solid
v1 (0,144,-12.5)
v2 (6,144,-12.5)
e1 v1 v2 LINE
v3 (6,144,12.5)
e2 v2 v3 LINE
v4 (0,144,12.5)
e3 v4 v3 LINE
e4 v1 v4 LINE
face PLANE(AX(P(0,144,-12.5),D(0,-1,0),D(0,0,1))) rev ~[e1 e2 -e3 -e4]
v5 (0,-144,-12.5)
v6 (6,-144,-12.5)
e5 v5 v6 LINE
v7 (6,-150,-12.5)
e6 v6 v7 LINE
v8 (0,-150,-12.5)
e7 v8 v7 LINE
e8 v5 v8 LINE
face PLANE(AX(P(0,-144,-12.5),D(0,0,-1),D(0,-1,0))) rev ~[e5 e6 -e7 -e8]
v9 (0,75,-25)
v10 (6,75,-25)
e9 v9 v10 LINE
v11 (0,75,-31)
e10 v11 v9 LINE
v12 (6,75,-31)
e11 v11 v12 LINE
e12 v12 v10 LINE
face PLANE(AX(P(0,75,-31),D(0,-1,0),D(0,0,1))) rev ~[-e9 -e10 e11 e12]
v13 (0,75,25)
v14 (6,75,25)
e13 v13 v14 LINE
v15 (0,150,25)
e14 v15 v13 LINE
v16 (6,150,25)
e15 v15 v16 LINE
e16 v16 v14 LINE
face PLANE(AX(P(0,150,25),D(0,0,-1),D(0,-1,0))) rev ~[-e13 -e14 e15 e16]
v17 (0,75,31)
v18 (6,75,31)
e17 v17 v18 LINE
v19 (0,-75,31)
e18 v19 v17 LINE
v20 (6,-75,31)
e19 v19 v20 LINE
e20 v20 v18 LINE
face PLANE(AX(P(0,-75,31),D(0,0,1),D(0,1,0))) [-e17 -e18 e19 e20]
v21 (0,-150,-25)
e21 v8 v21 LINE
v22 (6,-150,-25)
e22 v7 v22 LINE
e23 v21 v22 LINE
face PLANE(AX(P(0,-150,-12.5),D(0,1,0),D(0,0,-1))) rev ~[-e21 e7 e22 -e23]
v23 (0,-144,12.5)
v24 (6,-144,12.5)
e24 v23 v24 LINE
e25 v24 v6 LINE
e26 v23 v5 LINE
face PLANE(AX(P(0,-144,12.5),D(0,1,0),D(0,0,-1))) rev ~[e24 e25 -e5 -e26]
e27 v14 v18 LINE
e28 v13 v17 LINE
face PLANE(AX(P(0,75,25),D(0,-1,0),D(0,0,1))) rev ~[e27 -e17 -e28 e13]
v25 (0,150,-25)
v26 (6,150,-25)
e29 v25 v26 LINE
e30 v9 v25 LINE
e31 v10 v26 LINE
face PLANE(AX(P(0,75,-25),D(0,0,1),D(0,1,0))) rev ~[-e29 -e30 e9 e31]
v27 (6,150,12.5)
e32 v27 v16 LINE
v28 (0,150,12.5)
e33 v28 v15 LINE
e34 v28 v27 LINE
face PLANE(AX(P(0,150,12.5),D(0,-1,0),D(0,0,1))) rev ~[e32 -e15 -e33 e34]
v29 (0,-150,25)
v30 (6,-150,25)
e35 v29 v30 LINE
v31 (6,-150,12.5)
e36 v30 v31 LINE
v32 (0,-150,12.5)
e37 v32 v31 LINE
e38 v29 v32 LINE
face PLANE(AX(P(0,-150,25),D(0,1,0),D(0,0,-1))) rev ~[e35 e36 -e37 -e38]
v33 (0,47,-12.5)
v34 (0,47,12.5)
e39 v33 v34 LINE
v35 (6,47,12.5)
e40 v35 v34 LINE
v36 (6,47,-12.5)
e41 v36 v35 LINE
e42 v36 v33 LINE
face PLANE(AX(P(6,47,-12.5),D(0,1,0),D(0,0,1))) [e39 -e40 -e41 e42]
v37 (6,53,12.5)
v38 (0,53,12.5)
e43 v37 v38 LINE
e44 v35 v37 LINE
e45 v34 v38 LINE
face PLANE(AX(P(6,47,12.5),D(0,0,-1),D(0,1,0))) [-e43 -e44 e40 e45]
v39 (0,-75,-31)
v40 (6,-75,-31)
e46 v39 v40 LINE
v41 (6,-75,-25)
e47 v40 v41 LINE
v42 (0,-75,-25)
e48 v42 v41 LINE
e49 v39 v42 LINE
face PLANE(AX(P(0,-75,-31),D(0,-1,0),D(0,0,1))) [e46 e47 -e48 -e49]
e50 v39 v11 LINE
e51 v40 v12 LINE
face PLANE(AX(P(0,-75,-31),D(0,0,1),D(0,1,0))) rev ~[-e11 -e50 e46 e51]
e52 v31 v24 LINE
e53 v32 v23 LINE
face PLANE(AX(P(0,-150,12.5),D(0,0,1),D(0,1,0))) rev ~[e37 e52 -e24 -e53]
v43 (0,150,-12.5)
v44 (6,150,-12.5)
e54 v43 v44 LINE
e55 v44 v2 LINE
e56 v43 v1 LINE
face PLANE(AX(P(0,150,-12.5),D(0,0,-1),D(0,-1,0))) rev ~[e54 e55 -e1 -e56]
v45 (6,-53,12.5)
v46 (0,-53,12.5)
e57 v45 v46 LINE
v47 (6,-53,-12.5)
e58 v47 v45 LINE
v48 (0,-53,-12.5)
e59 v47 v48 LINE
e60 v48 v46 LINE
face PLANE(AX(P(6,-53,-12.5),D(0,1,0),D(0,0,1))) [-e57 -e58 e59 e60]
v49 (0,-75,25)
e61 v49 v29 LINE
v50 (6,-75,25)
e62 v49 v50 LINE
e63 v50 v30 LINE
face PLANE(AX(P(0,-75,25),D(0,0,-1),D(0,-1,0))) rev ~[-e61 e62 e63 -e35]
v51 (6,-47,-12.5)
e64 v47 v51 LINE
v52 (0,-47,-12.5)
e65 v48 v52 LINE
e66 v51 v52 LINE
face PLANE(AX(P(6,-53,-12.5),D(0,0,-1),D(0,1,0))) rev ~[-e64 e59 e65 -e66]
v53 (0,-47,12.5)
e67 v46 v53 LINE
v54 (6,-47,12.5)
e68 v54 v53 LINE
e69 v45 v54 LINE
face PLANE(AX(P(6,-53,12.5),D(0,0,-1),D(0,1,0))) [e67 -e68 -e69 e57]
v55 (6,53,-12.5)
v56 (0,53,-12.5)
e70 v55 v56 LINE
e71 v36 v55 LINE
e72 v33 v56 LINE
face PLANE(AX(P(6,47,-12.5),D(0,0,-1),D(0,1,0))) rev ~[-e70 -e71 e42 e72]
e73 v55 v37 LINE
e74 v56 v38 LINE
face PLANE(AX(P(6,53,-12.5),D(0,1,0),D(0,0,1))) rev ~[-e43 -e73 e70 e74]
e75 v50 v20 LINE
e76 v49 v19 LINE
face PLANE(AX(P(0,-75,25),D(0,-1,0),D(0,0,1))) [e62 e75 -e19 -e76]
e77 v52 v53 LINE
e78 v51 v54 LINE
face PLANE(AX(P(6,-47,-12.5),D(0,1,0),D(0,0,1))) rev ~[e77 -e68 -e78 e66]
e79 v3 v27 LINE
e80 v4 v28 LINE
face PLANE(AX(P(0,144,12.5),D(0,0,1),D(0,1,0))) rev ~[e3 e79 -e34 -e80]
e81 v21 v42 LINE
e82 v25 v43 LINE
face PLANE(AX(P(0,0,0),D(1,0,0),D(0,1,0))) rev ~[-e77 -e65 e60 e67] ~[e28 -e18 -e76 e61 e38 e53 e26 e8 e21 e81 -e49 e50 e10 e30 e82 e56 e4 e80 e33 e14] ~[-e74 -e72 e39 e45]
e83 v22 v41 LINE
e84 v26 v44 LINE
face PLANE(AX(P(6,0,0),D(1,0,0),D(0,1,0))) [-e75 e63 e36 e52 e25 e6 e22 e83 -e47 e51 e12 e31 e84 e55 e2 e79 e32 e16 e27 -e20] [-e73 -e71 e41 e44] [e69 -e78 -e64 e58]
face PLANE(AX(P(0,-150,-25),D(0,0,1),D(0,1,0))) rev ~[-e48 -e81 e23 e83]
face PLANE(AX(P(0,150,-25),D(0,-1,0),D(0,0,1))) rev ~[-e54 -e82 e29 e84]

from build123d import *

# Parameters (mm, degrees)
F0_W     = 150
F0_H     = 6
F1_DEPTH = 6
F2_W     = 6
F2_H     = 25
F3_DEPTH = 6


with BuildPart() as f1:
    # F0 (on Right) → F1 (new body)
    with BuildSketch(Plane.YZ):
        Polygon((-75, 25), (-150, 25), (-150, 12.5), (-144, 12.5), (-144, -12.5), (-150, -12.5), (-150, -25), (-75, -25), (-75, -19), (75, -19), (75, -25), (150, -25), (150, -12.5), (144, -12.5), (144, 12.5), (150, 12.5), (150, 25), (75, 25), (75, 19), (-75, 19), align=None)
        with Locations((0, 28)):
            Rectangle(F0_W, F0_H)
        with Locations((0, 22)):
            Rectangle(F0_W, F0_H)
        with Locations((0, -28)):
            Rectangle(F0_W, F0_H)
        with Locations((0, -22)):
            Rectangle(F0_W, F0_H)
    extrude(amount=F1_DEPTH)

    # F2 (on face) → F3 (cut, through all)
    with BuildSketch(Plane.YZ.offset(6)):
        with Locations((-50, 0)):
            Rectangle(F2_W, F2_H)
        with Locations((50, 0)):
            Rectangle(F2_W, F2_H)
    extrude(amount=-F3_DEPTH, mode=Mode.SUBTRACT)


solid = f1.part
